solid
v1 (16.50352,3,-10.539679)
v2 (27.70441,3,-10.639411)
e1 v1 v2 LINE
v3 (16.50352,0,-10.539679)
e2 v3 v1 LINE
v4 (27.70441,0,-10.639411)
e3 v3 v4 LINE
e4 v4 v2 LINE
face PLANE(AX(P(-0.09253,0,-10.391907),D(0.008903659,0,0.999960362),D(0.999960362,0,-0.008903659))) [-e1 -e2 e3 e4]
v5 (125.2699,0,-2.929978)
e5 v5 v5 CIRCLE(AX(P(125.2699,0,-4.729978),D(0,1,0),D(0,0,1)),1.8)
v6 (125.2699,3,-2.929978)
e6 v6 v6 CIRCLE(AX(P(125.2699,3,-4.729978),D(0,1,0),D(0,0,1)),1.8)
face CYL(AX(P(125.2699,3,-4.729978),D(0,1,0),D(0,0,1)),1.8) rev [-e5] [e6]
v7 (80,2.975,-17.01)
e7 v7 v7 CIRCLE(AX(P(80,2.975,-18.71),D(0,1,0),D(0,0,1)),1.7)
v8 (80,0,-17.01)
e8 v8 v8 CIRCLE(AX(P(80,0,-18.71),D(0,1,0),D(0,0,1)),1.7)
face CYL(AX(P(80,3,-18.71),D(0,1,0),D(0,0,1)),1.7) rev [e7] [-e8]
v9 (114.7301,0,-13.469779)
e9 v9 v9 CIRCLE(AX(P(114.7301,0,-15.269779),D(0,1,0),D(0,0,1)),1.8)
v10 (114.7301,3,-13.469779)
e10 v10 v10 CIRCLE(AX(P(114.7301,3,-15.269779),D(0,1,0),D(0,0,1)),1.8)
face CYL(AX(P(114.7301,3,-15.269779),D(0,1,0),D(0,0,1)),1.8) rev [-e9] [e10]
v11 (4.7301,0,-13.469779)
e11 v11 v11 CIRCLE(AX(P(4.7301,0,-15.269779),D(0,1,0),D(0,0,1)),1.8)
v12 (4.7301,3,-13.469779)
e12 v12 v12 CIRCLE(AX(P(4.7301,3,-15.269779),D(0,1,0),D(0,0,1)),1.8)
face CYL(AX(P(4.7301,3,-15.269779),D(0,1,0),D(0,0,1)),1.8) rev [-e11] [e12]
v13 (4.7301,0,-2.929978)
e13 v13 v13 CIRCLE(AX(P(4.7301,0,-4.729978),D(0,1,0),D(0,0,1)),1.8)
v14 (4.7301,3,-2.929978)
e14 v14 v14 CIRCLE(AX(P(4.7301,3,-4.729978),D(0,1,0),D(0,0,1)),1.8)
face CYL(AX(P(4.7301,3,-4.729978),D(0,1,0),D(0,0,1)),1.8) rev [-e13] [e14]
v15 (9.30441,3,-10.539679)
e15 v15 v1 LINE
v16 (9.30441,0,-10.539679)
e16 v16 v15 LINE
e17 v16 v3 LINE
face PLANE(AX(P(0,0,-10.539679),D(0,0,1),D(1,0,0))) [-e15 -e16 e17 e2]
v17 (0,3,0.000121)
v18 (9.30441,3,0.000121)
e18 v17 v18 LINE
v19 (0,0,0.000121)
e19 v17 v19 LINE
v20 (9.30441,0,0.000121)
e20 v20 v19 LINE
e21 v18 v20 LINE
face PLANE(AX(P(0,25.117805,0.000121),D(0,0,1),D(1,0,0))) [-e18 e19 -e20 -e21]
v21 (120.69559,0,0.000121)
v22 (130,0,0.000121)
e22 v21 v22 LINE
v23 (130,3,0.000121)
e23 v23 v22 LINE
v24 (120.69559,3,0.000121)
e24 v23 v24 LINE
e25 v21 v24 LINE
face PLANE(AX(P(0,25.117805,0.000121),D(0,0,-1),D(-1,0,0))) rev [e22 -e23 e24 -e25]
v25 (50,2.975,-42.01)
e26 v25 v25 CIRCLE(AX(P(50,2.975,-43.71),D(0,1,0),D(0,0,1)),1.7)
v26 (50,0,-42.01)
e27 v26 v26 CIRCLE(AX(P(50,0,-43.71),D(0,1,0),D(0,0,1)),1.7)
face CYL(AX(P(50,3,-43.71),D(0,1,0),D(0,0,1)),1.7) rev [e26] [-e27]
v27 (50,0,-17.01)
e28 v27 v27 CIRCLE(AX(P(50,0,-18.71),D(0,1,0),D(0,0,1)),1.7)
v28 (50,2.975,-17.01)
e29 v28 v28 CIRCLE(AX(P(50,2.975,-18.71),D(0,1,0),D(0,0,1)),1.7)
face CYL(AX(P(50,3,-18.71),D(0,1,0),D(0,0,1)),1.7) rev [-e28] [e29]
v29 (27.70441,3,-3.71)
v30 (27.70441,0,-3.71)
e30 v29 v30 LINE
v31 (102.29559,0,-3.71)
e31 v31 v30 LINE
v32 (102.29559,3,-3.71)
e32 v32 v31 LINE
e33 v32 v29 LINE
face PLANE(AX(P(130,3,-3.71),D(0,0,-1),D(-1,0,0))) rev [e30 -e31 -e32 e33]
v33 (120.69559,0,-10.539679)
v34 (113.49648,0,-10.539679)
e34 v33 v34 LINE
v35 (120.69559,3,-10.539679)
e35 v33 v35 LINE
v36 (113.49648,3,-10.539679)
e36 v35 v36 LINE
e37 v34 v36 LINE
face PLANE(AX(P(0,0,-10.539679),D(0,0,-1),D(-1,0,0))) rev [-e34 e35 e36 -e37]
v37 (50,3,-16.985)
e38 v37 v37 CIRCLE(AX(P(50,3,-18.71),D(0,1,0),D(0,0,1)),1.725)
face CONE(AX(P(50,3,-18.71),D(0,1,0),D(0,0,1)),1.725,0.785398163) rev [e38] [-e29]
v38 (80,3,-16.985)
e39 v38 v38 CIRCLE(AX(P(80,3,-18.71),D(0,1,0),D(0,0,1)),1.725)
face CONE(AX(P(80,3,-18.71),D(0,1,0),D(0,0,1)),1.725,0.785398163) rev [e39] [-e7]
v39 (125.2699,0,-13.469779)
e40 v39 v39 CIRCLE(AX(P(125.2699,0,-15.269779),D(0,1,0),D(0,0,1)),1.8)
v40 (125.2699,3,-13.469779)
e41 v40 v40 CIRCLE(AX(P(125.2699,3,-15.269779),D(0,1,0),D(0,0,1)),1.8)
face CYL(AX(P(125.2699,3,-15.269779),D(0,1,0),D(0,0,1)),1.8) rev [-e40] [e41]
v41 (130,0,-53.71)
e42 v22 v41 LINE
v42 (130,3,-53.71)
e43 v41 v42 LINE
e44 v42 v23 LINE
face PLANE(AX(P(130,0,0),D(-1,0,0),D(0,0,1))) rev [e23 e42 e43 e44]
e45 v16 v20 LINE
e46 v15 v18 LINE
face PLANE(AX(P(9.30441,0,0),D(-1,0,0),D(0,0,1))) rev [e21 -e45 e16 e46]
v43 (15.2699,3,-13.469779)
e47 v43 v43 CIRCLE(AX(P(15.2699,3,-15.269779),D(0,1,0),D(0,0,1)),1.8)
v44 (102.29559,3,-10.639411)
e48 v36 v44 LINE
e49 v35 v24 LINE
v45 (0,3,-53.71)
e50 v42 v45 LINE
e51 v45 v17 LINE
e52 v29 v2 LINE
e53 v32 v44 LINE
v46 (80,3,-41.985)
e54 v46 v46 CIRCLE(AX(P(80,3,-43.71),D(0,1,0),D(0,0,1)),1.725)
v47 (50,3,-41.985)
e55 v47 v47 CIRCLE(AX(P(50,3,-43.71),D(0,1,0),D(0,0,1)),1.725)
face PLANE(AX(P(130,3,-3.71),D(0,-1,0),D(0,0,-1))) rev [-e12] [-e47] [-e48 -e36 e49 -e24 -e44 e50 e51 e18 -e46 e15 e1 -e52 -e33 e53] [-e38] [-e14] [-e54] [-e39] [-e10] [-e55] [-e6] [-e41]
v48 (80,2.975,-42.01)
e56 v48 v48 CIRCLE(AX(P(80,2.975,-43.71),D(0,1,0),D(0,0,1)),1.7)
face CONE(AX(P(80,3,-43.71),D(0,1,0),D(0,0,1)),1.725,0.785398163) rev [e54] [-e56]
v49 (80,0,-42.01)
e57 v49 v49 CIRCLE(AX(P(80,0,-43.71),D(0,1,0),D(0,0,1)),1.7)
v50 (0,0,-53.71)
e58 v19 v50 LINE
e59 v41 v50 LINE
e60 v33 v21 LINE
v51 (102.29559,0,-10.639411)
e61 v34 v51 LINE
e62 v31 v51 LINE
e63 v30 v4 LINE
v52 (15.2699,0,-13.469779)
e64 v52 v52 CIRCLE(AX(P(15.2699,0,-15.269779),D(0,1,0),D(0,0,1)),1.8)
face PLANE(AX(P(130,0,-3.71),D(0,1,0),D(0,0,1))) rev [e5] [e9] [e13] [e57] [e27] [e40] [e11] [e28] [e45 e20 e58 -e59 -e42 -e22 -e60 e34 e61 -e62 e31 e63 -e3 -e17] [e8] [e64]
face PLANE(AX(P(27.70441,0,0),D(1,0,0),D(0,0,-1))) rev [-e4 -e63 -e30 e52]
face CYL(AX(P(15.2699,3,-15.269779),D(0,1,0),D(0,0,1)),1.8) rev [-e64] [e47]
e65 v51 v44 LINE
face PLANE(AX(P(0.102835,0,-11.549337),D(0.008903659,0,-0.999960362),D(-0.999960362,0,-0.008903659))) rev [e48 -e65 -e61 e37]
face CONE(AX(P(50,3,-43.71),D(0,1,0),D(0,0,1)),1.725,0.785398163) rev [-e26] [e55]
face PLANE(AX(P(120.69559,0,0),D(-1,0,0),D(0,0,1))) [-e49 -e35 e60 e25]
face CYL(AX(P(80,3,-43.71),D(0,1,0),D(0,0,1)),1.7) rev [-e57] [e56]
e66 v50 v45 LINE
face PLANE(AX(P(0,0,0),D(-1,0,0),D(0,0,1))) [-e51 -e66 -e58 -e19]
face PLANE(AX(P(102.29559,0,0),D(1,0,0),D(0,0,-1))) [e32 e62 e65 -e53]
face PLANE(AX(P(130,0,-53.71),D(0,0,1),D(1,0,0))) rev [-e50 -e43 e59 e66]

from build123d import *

# Parameters (mm, degrees)
SKETCH1_W                      = 50
SKETCH1_H                      = 3
BOSS_EXTRUDE1_DEPTH            = 130
M3_CLEARANCE_HOLE2_D           = 3.4
M3_CLEARANCE_HOLE2_CSINK_D     = 3.45
M3_CLEARANCE_HOLE2_CSINK_ANGLE = 90
SKETCH7_W                      = 21.804410209
SKETCH7_H                      = 3.710121499
BOSS_EXTRUDE2_DEPTH            = 3
CUT_EXTRUDE1_DEPTH             = 141.690312744
M3_CLEARANCE_HOLE3_D           = 3.6


with BuildPart() as part:
    # Sketch1 → Boss-Extrude1 (new body)
    with BuildSketch(Plane(origin=(0, 0, 0), x_dir=(0, 0, -1), z_dir=(1, 0, 0))):
        with Locations((28.71, 1.5)):
            Rectangle(SKETCH1_W, SKETCH1_H)
    extrude(amount=BOSS_EXTRUDE1_DEPTH)

    # M3 Clearance Hole2 (through all)
    with Locations(Plane(origin=(0, 3, 0), x_dir=(1, 0, 0), z_dir=(0, 1, 0))):
        with Locations((80, 18.71), (50, 43.71), (80, 43.71), (50, 18.71)):
            CounterSinkHole(M3_CLEARANCE_HOLE2_D / 2, M3_CLEARANCE_HOLE2_CSINK_D / 2, counter_sink_angle=M3_CLEARANCE_HOLE2_CSINK_ANGLE)

    # Sketch7 → Boss-Extrude2 (add)
    with BuildSketch(Plane.XZ):
        with Locations((119.097794896, -1.854939251)):
            Rectangle(SKETCH7_W, SKETCH7_H)
        with Locations((10.902205105, -1.854939251)):
            Rectangle(SKETCH7_W, SKETCH7_H)
    extrude(amount=-BOSS_EXTRUDE2_DEPTH)

    # Sketch9 → Cut-Extrude1 (cut, through all)
    # profile 1 of 2: a face of its own
    with BuildSketch(Plane(origin=(0, 3, 0), x_dir=(1, 0, 0), z_dir=(0, 1, 0))):
        Polygon((102.295589791, 0.840390735), (102.295589791, 10.639411436), (113.496480192, 10.53967858), (120.695589791, 10.53967858), (120.695589791, -4.617254568), align=None)
        Polygon((120.495589791, 10.33967858), (113.495589791, 10.33967858), (102.495589791, 10.437622706), (102.495589791, 0.989680888), (120.495589791, -4.349319951), align=None, mode=Mode.SUBTRACT)
    # profile 2 of 2: a face of its own
    with BuildSketch(Plane(origin=(0, 3, 0), x_dir=(1, 0, 0), z_dir=(0, 1, 0))):
        Polygon((9.304410209, 10.53967858), (9.304410209, -4.617254568), (27.704410209, 0.840390735), (27.704410209, 10.639411436), (16.503519826, 10.53967858), align=None)
    extrude(amount=-CUT_EXTRUDE1_DEPTH, mode=Mode.SUBTRACT)


with BuildPart() as cut_extrude1_kept_piece:
    # of the separate pieces the step leaves, the one the design keeps (cut_extrude1_pieces_kept)
    add(part.part.solids().sort_by_distance((27.704410209, 3, -3.71))[0])

    # M3 Clearance Hole3 (through all)
    with Locations(Plane(origin=(0, 3, 0), x_dir=(1, 0, 0), z_dir=(0, 1, 0))):
        with Locations((125.269900039, 4.729978462), (125.269900039, 15.269778541), (114.730099961, 15.269778541)):
            m3_clearance_hole3 = Hole(M3_CLEARANCE_HOLE3_D / 2)

    # Mirror1: M3 Clearance Hole3 across plane
    add(m3_clearance_hole3.mirror(Plane(origin=(65, 0, 0), x_dir=(0, 0, 1), z_dir=(1, 0, 0))), mode=Mode.SUBTRACT)


solid = cut_extrude1_kept_piece.part
